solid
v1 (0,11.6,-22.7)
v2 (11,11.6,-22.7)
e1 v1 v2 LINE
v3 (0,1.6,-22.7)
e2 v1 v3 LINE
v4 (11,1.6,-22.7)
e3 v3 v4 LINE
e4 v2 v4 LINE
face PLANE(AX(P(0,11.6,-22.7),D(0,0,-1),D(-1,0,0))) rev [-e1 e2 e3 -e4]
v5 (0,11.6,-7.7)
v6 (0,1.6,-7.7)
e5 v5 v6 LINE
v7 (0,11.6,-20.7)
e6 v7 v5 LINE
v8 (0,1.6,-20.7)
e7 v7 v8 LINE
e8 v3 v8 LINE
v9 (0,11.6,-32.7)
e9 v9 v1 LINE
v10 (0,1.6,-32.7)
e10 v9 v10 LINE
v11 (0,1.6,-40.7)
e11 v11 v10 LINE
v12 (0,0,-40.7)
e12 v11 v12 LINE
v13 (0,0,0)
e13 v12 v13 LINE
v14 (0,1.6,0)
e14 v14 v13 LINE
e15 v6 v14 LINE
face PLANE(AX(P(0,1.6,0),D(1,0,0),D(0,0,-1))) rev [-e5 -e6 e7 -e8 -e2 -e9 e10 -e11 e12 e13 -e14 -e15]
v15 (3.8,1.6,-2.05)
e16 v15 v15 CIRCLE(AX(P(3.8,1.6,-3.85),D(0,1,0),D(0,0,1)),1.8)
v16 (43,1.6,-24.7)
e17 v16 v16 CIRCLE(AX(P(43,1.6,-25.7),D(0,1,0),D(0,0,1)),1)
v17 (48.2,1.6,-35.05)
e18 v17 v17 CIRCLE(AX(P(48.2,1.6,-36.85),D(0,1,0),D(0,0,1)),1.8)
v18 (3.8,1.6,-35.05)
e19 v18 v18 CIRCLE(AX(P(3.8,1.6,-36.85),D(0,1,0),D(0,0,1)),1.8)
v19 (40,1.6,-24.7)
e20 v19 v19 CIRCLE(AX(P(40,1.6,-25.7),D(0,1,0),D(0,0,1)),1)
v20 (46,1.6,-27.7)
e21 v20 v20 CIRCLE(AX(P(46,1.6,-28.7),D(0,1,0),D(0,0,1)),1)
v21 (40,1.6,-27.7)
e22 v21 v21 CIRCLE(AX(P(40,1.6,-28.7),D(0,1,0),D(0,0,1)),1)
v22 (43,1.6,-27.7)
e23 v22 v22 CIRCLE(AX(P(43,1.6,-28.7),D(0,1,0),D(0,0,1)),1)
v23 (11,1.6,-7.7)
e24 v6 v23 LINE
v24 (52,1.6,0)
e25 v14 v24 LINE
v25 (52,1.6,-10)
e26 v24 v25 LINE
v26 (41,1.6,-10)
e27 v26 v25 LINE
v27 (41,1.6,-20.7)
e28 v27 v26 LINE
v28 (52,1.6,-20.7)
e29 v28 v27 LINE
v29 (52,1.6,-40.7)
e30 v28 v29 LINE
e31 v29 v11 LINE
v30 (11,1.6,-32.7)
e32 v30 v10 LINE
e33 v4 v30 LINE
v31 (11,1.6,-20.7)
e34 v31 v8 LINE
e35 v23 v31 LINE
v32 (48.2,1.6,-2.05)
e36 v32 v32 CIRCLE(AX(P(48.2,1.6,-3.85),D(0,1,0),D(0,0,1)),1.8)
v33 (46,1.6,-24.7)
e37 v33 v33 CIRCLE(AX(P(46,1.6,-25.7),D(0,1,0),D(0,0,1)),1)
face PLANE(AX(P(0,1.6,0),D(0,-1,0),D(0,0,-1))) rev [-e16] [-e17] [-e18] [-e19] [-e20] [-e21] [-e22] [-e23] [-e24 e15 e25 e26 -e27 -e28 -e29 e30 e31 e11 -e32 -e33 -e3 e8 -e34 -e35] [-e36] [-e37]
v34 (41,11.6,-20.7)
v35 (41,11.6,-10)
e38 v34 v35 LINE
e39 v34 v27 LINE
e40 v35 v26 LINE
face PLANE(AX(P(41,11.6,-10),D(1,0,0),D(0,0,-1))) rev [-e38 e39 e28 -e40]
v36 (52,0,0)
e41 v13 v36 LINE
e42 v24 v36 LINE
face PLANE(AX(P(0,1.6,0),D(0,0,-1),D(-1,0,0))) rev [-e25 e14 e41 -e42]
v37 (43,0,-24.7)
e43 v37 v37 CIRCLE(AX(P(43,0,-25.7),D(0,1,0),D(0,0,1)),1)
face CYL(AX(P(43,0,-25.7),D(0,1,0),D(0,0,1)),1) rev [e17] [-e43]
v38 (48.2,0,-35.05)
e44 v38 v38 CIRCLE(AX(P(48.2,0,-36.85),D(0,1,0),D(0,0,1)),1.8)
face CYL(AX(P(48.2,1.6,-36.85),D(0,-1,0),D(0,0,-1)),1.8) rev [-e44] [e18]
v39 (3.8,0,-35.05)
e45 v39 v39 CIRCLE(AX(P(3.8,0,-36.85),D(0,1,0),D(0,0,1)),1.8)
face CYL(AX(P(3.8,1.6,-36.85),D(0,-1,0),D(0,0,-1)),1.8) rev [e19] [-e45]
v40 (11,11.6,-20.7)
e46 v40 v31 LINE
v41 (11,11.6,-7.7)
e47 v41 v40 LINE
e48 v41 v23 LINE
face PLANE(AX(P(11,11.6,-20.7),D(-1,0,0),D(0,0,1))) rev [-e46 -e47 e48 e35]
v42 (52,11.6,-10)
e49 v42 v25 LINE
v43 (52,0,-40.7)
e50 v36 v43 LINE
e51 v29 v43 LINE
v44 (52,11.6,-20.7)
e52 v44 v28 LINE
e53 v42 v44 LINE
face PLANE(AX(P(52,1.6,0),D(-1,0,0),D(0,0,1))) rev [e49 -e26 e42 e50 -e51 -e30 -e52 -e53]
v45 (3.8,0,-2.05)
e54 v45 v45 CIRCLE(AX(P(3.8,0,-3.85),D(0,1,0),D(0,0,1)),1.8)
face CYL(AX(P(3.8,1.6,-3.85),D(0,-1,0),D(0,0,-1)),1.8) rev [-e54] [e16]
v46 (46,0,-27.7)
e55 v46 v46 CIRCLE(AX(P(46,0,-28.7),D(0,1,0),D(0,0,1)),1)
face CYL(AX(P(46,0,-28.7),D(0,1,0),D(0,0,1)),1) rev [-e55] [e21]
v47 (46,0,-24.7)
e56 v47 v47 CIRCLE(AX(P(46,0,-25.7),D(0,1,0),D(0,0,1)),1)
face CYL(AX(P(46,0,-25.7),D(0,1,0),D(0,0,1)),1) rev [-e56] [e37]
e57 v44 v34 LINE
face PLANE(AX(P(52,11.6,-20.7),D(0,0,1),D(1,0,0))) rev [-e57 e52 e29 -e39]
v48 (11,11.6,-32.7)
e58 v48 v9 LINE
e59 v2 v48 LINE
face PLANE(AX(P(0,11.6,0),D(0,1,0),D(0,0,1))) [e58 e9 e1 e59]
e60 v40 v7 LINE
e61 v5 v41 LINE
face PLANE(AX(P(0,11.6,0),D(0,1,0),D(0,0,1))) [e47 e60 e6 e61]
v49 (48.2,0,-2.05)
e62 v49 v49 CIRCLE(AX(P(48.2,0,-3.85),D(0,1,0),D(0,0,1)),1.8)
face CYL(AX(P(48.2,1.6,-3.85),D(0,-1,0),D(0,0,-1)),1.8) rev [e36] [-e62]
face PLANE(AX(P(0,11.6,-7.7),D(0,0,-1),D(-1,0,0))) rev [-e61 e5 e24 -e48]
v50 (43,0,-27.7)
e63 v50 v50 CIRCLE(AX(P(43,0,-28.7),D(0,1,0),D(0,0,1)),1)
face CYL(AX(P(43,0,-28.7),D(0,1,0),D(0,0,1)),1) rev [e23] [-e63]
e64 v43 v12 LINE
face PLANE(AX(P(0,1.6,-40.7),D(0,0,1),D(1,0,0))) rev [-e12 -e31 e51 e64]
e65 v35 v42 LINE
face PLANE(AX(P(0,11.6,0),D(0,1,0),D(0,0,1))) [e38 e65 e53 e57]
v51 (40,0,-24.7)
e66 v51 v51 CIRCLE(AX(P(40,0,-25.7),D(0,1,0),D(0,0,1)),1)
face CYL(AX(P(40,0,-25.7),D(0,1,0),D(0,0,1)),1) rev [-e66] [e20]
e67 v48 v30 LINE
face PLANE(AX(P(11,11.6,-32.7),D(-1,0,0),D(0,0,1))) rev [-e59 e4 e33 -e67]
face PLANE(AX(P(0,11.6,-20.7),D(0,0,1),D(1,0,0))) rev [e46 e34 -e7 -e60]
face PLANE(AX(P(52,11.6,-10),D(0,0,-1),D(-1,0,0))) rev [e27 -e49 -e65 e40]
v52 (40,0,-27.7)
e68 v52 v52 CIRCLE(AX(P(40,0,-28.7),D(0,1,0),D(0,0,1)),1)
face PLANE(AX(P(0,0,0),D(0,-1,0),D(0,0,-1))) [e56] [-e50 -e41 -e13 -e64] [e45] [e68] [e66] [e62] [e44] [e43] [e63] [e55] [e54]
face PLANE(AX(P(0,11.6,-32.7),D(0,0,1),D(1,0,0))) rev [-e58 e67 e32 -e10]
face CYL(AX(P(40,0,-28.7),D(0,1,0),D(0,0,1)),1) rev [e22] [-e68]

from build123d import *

# Parameters (mm, degrees)
SKETCH1_W           = 52
SKETCH1_H           = 40.7
SKETCH1_R           = 1.8
BOSS_EXTRUDE1_DEPTH = 1.6
SKETCH2_W           = 11
SKETCH2_H           = 10.7
SKETCH2_H_2         = 10
SKETCH2_H_3         = 13
BOSS_EXTRUDE2_DEPTH = 10
SKETCH3_R           = 1
CUT_EXTRUDE1_DEPTH  = 67.786899913


with BuildPart() as part:
    # Sketch1 → Boss-Extrude1 (new body)
    with BuildSketch(Plane(origin=(0, 0, 0), x_dir=(1, 0, 0), z_dir=(0, 1, 0))):
        with Locations((26, 20.35)):
            Rectangle(SKETCH1_W, SKETCH1_H)
        with Locations(Location((3.8, 36.85, 0), (0, 0, 270))):
            Circle(SKETCH1_R, mode=Mode.SUBTRACT)
        with Locations(Location((48.2, 36.85, 0), (0, 0, 270))):
            Circle(SKETCH1_R, mode=Mode.SUBTRACT)
        with Locations(Location((48.2, 3.85, 0), (0, 0, 270))):
            Circle(SKETCH1_R, mode=Mode.SUBTRACT)
        with Locations(Location((3.8, 3.85, 0), (0, 0, 270))):
            Circle(SKETCH1_R, mode=Mode.SUBTRACT)
    extrude(amount=BOSS_EXTRUDE1_DEPTH)

    # Sketch2 → Boss-Extrude2 (add)
    with BuildSketch(Plane(origin=(0, 1.6, 0), x_dir=(1, 0, 0), z_dir=(0, 1, 0))):
        with Locations((46.5, 15.35)):
            Rectangle(SKETCH2_W, SKETCH2_H)
        with Locations((5.5, 27.7)):
            Rectangle(SKETCH2_W, SKETCH2_H_2)
        with Locations((5.5, 14.2)):
            Rectangle(SKETCH2_W, SKETCH2_H_3)
    extrude(amount=BOSS_EXTRUDE2_DEPTH)

    # Sketch3 → Cut-Extrude1 (cut, through all)
    with BuildSketch(Plane(origin=(0, 1.6, 0), x_dir=(1, 0, 0), z_dir=(0, 1, 0))):
        with Locations(Location((46, 25.7, 0), (0, 0, 270))):
            Circle(SKETCH3_R)
        with Locations(Location((43, 25.7, 0), (0, 0, 270))):
            Circle(SKETCH3_R)
        with Locations(Location((40, 25.7, 0), (0, 0, 270))):
            Circle(SKETCH3_R)
        with Locations(Location((43, 28.7, 0), (0, 0, 270))):
            Circle(SKETCH3_R)
        with Locations(Location((40, 28.7, 0), (0, 0, 270))):
            Circle(SKETCH3_R)
        with Locations(Location((46, 28.7, 0), (0, 0, 270))):
            Circle(SKETCH3_R)
    extrude(amount=-CUT_EXTRUDE1_DEPTH, mode=Mode.SUBTRACT)


solid = part.part
